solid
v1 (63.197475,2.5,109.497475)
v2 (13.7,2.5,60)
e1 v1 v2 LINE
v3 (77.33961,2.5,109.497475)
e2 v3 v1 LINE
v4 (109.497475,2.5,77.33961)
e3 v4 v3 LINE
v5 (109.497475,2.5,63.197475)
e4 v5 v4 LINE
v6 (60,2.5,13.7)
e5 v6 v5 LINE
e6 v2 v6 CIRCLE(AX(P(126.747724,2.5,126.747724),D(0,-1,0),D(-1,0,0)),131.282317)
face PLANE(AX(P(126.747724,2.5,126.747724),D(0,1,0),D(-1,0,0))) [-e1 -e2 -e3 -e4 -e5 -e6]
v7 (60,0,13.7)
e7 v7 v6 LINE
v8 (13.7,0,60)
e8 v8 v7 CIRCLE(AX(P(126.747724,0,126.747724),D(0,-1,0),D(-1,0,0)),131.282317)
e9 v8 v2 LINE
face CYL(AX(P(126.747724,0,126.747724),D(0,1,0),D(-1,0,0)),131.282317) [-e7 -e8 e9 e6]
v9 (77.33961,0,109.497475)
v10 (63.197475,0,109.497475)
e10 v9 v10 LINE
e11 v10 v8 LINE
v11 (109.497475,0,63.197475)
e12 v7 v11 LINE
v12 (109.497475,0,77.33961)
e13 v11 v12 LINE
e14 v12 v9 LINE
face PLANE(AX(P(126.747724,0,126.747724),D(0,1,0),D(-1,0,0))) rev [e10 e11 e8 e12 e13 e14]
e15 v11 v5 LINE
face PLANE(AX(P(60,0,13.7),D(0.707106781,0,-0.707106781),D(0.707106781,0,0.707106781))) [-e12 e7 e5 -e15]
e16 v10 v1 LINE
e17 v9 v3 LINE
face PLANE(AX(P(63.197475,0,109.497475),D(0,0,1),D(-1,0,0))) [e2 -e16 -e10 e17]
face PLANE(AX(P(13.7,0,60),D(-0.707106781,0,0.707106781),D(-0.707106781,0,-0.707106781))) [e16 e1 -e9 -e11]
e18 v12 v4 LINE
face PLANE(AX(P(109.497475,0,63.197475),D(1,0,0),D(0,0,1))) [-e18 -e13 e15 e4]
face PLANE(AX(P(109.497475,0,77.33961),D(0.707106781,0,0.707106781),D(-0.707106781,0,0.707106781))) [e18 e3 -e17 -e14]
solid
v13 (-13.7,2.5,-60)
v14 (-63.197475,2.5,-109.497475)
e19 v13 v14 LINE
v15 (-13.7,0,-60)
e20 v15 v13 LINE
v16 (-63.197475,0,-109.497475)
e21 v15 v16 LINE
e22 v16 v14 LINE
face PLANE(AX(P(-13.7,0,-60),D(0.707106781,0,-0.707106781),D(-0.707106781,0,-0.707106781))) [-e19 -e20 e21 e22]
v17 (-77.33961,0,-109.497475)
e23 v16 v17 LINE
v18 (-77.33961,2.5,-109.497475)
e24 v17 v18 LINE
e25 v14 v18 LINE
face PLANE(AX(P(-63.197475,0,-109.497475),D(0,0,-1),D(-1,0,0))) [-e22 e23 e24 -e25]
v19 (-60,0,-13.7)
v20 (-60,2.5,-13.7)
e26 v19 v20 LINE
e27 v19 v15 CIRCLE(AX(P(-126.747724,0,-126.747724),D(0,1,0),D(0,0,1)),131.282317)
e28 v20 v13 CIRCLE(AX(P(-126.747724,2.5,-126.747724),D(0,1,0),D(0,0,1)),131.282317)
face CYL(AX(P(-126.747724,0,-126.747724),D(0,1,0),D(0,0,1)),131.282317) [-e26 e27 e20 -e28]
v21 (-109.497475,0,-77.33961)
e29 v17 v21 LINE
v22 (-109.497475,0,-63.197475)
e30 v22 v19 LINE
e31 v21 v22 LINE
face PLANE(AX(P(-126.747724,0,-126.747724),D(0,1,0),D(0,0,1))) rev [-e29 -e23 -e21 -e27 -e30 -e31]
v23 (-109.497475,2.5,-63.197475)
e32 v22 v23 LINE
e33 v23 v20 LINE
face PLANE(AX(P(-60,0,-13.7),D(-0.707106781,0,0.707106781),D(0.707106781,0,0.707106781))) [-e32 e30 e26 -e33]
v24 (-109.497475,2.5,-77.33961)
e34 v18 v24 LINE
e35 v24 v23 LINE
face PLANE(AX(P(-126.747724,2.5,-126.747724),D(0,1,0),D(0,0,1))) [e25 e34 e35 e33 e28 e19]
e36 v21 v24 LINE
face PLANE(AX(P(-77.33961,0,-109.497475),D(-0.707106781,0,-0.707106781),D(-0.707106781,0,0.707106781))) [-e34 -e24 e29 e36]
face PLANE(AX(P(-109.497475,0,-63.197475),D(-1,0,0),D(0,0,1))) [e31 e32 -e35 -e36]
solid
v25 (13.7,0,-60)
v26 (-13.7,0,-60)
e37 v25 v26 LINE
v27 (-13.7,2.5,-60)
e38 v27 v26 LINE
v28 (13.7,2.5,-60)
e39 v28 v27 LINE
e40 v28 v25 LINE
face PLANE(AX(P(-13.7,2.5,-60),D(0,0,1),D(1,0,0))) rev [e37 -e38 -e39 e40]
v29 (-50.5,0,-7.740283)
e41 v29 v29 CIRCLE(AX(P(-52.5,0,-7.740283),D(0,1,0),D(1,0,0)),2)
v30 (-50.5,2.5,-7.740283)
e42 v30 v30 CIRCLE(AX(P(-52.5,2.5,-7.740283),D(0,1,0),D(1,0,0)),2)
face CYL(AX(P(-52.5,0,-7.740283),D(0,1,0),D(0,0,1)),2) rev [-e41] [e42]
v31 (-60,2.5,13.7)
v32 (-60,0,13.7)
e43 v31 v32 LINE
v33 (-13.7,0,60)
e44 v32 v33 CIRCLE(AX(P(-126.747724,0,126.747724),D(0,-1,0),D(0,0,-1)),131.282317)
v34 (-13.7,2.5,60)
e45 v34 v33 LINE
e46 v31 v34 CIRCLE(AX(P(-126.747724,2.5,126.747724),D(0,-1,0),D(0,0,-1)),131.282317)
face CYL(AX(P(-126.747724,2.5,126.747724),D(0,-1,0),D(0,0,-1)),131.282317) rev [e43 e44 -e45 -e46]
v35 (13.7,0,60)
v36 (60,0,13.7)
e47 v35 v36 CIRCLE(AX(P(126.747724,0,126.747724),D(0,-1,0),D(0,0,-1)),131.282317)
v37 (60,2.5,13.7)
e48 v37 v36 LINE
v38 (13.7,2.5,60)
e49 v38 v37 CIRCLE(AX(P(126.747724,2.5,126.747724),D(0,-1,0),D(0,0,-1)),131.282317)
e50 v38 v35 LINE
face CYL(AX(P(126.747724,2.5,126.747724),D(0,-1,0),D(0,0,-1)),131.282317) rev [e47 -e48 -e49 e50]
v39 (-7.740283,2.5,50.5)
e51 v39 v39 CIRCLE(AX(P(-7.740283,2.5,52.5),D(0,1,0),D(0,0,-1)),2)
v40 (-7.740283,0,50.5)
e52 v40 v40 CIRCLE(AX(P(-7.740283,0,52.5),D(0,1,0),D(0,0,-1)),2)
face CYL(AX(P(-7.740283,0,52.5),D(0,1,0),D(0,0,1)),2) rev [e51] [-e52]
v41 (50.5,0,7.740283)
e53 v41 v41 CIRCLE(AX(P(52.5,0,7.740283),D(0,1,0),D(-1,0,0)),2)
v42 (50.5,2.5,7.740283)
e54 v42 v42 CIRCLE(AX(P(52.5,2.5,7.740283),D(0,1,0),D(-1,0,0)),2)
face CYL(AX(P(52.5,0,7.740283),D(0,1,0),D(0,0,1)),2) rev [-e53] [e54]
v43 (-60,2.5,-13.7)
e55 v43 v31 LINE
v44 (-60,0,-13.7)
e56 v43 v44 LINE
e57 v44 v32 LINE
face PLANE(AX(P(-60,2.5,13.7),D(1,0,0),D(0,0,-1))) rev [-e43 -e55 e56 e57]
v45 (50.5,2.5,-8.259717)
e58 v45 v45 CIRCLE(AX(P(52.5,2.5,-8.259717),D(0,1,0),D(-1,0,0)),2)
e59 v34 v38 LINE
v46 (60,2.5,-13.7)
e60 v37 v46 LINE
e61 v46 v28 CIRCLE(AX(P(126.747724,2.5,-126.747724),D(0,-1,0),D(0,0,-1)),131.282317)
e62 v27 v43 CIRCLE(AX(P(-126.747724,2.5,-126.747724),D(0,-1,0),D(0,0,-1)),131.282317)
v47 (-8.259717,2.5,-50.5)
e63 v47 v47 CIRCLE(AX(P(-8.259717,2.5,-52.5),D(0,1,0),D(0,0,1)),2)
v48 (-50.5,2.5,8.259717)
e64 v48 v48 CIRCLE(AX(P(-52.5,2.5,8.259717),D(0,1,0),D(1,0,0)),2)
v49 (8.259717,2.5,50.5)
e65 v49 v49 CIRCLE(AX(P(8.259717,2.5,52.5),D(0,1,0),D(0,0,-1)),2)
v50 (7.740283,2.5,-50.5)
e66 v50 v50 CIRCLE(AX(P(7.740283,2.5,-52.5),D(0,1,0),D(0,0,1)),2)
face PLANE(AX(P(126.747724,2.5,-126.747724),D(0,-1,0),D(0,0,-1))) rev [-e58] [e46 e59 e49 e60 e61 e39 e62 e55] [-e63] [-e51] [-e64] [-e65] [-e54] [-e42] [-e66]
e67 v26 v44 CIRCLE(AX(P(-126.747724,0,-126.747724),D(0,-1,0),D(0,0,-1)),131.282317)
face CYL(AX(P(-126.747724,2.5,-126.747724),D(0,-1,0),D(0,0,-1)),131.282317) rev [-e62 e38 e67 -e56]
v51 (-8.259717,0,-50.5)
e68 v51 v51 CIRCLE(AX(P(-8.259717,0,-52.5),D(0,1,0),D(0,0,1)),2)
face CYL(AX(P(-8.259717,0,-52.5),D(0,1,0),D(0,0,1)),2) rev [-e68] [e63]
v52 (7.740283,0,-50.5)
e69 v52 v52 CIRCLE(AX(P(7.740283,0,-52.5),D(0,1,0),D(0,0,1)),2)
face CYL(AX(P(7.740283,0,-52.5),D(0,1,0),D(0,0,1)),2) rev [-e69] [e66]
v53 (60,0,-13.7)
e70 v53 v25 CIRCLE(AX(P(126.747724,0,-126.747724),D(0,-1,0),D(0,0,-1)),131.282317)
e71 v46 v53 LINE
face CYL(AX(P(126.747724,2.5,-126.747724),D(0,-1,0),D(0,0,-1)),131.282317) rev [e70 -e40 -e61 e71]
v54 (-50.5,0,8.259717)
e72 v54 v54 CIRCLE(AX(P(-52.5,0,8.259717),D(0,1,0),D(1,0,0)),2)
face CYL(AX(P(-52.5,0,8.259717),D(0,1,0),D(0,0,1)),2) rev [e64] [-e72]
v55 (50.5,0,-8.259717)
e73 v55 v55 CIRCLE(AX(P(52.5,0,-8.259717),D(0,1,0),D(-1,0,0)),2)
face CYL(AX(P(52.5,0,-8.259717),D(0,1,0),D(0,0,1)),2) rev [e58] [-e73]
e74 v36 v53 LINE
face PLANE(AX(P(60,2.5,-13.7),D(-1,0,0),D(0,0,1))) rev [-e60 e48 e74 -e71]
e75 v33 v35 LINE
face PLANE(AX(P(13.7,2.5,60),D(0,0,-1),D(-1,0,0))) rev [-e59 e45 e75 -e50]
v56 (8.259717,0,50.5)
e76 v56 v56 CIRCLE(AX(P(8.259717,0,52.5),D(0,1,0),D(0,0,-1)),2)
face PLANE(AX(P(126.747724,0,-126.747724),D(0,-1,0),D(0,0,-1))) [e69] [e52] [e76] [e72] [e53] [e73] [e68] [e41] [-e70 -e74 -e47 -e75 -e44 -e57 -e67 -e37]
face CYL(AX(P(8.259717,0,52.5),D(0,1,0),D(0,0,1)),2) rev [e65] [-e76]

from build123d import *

# Parameters (mm, degrees)
BOSS_EXTRUDE1_DEPTH = 2.5
SKETCH3_R           = 2
CUT_EXTRUDE1_DEPTH  = 2.5
CIRPATTERN1_COUNT   = 4
BOSS_EXTRUDE2_DEPTH = 2.5


with BuildPart() as part:
    # Sketch1 → Boss-Extrude1 (new body)
    with BuildSketch(Plane(origin=(0, 0, 0), x_dir=(1, 0, 0), z_dir=(0, 1, 0))):
        with BuildLine():
            Line((-13.7, 60), (13.7, 60))
            ThreePointArc((13.7, 60), (33.917107936, 33.917107936), (60, 13.7))
            Line((60, 13.7), (60, -13.7))
            ThreePointArc((60, -13.7), (33.917107936, -33.917107936), (13.7, -60))
            Line((13.7, -60), (-13.7, -60))
            ThreePointArc((-13.7, -60), (-33.917107936, -33.917107936), (-60, -13.7))
            Line((-60, -13.7), (-60, 13.7))
            ThreePointArc((-60, 13.7), (-33.917107936, 33.917107936), (-13.7, 60))
        make_face()
    extrude(amount=BOSS_EXTRUDE1_DEPTH)

    # Sketch3 → Cut-Extrude1 (cut)
    with BuildSketch(Plane(origin=(0, 2.5, 0), x_dir=(1, 0, 0), z_dir=(0, 1, 0))):
        with Locations((-8.259716624, 52.5)):
            Circle(SKETCH3_R)
        with Locations((7.740283376, 52.5)):
            Circle(SKETCH3_R)
    cut_extrude1 = extrude(amount=-CUT_EXTRUDE1_DEPTH, mode=Mode.SUBTRACT)

    # CirPattern1: Cut-Extrude1 ×4 about axis
    cirpattern1_axis = Axis((0, 0, 0), (0, 1, 0))
    for i in range(1, CIRPATTERN1_COUNT):
        add(cut_extrude1.rotate(cirpattern1_axis, i * 360 / CIRPATTERN1_COUNT), mode=Mode.SUBTRACT)


with BuildPart() as body_2:
    # Sketch4 → Boss-Extrude2 (new body)
    with BuildSketch(Plane(origin=(0, 2.5, 0), x_dir=(1, 0, 0), z_dir=(0, 1, 0))):
        with BuildLine():
            Line((-60, 13.7), (-109.497474683, 63.197474683))
            Line((-109.497474683, 63.197474683), (-109.497474683, 77.339610307))
            Line((-109.497474683, 77.339610307), (-77.339610307, 109.497474683))
            Line((-77.339610307, 109.497474683), (-63.197474683, 109.497474683))
            Line((-63.197474683, 109.497474683), (-13.7, 60))
            ThreePointArc((-13.7, 60), (-33.917107936, 33.917107936), (-60, 13.7))
        make_face()
    extrude(amount=-BOSS_EXTRUDE2_DEPTH)


with BuildPart() as body_3:
    # Mirror3: mirrored copy
    add(body_2.part.mirror(Plane(origin=(0, 0, 0), x_dir=(-0.7071067811865492, 0, 0.7071067811865459), z_dir=(-0.707106781186546, 0, -0.7071067811865491))))


solid = Compound([part.part, body_2.part, body_3.part])
